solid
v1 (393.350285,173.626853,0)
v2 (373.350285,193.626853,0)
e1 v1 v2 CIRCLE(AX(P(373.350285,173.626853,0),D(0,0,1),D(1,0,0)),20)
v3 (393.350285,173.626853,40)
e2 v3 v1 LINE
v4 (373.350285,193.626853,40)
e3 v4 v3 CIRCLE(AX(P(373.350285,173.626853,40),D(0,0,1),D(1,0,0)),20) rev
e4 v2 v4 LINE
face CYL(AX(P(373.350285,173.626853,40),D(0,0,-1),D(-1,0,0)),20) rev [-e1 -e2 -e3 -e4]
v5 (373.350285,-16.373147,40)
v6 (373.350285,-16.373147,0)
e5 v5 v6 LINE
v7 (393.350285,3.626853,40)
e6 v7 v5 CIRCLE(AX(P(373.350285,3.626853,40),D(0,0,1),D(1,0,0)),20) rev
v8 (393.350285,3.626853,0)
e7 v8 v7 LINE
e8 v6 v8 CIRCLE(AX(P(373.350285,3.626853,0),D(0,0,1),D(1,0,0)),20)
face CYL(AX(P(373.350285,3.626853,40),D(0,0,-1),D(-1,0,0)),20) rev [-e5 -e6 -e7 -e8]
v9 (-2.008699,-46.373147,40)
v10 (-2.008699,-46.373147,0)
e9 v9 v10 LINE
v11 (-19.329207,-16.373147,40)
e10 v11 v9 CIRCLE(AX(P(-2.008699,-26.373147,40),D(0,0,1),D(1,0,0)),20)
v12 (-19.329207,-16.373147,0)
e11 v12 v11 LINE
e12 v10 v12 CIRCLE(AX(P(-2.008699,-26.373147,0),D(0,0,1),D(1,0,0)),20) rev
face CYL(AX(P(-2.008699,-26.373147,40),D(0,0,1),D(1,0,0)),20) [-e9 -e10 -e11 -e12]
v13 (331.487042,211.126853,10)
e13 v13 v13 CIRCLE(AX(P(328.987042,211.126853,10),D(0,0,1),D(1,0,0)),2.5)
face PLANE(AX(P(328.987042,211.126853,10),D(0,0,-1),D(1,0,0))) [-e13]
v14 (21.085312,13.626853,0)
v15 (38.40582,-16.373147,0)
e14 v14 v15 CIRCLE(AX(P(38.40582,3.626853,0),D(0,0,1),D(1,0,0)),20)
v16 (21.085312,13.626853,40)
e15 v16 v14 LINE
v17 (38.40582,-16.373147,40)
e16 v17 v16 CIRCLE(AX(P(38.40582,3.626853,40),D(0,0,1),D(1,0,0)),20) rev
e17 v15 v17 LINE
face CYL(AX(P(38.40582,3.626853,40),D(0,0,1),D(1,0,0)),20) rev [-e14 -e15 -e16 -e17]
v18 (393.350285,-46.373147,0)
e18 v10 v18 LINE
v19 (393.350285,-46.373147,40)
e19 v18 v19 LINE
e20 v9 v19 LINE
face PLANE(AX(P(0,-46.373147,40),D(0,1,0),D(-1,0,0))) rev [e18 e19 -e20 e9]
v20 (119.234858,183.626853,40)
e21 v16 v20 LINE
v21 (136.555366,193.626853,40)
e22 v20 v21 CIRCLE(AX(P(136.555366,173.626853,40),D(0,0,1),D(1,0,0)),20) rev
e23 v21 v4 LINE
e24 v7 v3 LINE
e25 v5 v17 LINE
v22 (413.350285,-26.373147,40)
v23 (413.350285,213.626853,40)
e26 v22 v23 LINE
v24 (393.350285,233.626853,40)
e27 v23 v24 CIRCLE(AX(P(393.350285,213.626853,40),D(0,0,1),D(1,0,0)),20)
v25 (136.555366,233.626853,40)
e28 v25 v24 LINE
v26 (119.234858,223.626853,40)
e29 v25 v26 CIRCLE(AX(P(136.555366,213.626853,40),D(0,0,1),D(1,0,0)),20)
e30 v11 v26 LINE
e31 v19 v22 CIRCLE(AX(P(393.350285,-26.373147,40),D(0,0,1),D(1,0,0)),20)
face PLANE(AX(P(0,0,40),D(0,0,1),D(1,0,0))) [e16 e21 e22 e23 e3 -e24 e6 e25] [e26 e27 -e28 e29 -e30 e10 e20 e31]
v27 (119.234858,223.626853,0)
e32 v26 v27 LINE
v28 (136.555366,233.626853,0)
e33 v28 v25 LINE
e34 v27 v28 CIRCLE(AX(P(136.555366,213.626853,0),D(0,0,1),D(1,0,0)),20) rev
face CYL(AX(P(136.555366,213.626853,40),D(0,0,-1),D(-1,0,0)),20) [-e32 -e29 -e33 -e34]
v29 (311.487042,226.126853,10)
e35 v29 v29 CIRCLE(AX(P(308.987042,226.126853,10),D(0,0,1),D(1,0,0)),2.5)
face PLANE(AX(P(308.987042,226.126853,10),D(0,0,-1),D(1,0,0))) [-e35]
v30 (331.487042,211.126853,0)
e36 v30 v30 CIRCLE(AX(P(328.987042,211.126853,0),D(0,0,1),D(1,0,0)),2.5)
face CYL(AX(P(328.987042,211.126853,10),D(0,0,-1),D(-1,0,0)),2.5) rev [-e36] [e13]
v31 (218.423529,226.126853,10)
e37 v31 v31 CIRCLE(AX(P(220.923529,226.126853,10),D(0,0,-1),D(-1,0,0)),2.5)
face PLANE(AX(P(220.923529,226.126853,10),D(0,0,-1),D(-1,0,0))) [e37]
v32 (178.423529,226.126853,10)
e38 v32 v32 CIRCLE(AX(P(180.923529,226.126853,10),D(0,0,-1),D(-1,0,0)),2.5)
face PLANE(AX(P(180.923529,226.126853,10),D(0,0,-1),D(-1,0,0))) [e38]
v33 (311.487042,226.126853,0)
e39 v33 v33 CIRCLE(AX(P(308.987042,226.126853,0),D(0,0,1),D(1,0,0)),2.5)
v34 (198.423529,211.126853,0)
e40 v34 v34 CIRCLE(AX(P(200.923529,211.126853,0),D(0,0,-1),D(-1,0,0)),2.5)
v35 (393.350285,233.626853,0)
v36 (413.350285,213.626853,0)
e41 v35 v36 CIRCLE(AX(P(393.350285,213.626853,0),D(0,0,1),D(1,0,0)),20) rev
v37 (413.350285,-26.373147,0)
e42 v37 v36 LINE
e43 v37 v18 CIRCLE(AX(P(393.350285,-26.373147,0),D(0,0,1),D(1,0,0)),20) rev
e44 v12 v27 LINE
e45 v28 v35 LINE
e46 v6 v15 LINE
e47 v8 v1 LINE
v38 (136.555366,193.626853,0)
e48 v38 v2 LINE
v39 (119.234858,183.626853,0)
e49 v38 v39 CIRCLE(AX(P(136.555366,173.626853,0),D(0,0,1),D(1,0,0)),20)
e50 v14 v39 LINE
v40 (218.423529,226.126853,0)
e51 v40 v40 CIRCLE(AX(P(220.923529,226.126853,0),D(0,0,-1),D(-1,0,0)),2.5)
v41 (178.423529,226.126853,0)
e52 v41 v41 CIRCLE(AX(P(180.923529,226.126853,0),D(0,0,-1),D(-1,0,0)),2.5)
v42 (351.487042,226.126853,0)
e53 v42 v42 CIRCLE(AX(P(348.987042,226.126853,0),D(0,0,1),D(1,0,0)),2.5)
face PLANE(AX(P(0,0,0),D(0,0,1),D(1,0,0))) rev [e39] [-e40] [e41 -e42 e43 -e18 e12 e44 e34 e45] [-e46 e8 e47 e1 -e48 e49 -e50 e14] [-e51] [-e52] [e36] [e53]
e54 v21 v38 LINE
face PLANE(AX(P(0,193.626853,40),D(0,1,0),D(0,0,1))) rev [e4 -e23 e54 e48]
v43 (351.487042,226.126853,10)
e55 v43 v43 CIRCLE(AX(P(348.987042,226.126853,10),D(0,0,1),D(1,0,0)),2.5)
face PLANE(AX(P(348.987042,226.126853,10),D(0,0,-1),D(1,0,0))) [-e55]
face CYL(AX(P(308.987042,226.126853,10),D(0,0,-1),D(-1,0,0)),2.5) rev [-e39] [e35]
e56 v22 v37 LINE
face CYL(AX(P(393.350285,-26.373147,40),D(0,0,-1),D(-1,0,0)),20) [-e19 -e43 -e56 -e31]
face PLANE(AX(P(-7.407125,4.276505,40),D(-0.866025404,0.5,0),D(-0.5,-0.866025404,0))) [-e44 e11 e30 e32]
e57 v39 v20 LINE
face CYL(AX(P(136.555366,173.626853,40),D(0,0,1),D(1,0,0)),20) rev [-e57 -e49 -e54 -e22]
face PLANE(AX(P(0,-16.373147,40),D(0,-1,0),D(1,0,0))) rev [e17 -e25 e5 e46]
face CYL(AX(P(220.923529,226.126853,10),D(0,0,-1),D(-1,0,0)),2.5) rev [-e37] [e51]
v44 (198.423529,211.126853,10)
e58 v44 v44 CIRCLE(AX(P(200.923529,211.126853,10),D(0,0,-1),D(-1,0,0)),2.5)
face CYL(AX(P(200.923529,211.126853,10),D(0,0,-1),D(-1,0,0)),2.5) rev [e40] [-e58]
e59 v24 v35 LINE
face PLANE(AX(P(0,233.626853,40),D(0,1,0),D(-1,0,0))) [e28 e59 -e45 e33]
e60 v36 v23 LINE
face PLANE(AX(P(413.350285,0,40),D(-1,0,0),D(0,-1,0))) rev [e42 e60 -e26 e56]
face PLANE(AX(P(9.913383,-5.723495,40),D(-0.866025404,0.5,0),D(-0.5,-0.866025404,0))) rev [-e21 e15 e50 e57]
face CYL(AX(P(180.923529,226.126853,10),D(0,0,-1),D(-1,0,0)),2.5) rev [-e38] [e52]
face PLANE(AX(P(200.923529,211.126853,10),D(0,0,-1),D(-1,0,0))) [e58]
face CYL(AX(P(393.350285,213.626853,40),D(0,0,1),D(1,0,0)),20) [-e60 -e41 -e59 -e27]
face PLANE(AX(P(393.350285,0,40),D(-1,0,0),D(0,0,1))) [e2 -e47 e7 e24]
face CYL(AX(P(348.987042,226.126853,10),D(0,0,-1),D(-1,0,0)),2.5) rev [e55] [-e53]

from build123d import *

# Parameters (mm, degrees)
BOSS_EXTRUDE1_DEPTH = 40
SKETCH3_R           = 2.5
CUT_EXTRUDE1_DEPTH  = 10
FILLET3_R           = 20


with BuildPart() as part:
    # Sketch1 → Boss-Extrude1 (new body)
    with BuildSketch(Plane.XY):
        Polygon((125.008360384, 233.626853351), (-36.649714989, -46.373146649), (413.350285011, -46.373146649), (413.350285011, 233.626853351), align=None)
        Polygon((393.350285011, 193.626853351), (393.350285011, -16.373146649), (3.764803854, -16.373146649), (125.008360384, 193.626853351), align=None, mode=Mode.SUBTRACT)
    extrude(amount=BOSS_EXTRUDE1_DEPTH)

    # Sketch3 → Cut-Extrude1 (cut)
    with BuildSketch(Plane(origin=(0, 0, 0), x_dir=(-1, 0, 0), z_dir=(0, 0, -1))):
        with Locations((-180.923528507, 226.126853351)):
            Circle(SKETCH3_R)
        with Locations((-200.923528507, 211.126853351)):
            Circle(SKETCH3_R)
        with Locations((-220.923528507, 226.126853351)):
            Circle(SKETCH3_R)
    cut_extrude1 = extrude(amount=-CUT_EXTRUDE1_DEPTH, mode=Mode.SUBTRACT)

    # Mirror1: Cut-Extrude1 across plane
    add(cut_extrude1.mirror(Plane(origin=(264.955285011, 0, 0), x_dir=(0, 0, 1), z_dir=(1, 0, 0))), mode=Mode.SUBTRACT)

    # Fillet3
    fillet3_edges = [part.edges().sort_by_distance(p)[0] for p in [
        (393.350285011, 193.626853351, 20),
        (125.008360384, 193.626853351, 20),
        (3.764803854, -16.373146649, 20),
        (393.350285011, -16.373146649, 20),
        (-36.649714989, -46.373146649, 20),
        (125.008360384, 233.626853351, 20),
        (413.350285011, 233.626853351, 20),
        (413.350285011, -46.373146649, 20),
    ]]
    fillet(fillet3_edges, radius=FILLET3_R)


solid = part.part
